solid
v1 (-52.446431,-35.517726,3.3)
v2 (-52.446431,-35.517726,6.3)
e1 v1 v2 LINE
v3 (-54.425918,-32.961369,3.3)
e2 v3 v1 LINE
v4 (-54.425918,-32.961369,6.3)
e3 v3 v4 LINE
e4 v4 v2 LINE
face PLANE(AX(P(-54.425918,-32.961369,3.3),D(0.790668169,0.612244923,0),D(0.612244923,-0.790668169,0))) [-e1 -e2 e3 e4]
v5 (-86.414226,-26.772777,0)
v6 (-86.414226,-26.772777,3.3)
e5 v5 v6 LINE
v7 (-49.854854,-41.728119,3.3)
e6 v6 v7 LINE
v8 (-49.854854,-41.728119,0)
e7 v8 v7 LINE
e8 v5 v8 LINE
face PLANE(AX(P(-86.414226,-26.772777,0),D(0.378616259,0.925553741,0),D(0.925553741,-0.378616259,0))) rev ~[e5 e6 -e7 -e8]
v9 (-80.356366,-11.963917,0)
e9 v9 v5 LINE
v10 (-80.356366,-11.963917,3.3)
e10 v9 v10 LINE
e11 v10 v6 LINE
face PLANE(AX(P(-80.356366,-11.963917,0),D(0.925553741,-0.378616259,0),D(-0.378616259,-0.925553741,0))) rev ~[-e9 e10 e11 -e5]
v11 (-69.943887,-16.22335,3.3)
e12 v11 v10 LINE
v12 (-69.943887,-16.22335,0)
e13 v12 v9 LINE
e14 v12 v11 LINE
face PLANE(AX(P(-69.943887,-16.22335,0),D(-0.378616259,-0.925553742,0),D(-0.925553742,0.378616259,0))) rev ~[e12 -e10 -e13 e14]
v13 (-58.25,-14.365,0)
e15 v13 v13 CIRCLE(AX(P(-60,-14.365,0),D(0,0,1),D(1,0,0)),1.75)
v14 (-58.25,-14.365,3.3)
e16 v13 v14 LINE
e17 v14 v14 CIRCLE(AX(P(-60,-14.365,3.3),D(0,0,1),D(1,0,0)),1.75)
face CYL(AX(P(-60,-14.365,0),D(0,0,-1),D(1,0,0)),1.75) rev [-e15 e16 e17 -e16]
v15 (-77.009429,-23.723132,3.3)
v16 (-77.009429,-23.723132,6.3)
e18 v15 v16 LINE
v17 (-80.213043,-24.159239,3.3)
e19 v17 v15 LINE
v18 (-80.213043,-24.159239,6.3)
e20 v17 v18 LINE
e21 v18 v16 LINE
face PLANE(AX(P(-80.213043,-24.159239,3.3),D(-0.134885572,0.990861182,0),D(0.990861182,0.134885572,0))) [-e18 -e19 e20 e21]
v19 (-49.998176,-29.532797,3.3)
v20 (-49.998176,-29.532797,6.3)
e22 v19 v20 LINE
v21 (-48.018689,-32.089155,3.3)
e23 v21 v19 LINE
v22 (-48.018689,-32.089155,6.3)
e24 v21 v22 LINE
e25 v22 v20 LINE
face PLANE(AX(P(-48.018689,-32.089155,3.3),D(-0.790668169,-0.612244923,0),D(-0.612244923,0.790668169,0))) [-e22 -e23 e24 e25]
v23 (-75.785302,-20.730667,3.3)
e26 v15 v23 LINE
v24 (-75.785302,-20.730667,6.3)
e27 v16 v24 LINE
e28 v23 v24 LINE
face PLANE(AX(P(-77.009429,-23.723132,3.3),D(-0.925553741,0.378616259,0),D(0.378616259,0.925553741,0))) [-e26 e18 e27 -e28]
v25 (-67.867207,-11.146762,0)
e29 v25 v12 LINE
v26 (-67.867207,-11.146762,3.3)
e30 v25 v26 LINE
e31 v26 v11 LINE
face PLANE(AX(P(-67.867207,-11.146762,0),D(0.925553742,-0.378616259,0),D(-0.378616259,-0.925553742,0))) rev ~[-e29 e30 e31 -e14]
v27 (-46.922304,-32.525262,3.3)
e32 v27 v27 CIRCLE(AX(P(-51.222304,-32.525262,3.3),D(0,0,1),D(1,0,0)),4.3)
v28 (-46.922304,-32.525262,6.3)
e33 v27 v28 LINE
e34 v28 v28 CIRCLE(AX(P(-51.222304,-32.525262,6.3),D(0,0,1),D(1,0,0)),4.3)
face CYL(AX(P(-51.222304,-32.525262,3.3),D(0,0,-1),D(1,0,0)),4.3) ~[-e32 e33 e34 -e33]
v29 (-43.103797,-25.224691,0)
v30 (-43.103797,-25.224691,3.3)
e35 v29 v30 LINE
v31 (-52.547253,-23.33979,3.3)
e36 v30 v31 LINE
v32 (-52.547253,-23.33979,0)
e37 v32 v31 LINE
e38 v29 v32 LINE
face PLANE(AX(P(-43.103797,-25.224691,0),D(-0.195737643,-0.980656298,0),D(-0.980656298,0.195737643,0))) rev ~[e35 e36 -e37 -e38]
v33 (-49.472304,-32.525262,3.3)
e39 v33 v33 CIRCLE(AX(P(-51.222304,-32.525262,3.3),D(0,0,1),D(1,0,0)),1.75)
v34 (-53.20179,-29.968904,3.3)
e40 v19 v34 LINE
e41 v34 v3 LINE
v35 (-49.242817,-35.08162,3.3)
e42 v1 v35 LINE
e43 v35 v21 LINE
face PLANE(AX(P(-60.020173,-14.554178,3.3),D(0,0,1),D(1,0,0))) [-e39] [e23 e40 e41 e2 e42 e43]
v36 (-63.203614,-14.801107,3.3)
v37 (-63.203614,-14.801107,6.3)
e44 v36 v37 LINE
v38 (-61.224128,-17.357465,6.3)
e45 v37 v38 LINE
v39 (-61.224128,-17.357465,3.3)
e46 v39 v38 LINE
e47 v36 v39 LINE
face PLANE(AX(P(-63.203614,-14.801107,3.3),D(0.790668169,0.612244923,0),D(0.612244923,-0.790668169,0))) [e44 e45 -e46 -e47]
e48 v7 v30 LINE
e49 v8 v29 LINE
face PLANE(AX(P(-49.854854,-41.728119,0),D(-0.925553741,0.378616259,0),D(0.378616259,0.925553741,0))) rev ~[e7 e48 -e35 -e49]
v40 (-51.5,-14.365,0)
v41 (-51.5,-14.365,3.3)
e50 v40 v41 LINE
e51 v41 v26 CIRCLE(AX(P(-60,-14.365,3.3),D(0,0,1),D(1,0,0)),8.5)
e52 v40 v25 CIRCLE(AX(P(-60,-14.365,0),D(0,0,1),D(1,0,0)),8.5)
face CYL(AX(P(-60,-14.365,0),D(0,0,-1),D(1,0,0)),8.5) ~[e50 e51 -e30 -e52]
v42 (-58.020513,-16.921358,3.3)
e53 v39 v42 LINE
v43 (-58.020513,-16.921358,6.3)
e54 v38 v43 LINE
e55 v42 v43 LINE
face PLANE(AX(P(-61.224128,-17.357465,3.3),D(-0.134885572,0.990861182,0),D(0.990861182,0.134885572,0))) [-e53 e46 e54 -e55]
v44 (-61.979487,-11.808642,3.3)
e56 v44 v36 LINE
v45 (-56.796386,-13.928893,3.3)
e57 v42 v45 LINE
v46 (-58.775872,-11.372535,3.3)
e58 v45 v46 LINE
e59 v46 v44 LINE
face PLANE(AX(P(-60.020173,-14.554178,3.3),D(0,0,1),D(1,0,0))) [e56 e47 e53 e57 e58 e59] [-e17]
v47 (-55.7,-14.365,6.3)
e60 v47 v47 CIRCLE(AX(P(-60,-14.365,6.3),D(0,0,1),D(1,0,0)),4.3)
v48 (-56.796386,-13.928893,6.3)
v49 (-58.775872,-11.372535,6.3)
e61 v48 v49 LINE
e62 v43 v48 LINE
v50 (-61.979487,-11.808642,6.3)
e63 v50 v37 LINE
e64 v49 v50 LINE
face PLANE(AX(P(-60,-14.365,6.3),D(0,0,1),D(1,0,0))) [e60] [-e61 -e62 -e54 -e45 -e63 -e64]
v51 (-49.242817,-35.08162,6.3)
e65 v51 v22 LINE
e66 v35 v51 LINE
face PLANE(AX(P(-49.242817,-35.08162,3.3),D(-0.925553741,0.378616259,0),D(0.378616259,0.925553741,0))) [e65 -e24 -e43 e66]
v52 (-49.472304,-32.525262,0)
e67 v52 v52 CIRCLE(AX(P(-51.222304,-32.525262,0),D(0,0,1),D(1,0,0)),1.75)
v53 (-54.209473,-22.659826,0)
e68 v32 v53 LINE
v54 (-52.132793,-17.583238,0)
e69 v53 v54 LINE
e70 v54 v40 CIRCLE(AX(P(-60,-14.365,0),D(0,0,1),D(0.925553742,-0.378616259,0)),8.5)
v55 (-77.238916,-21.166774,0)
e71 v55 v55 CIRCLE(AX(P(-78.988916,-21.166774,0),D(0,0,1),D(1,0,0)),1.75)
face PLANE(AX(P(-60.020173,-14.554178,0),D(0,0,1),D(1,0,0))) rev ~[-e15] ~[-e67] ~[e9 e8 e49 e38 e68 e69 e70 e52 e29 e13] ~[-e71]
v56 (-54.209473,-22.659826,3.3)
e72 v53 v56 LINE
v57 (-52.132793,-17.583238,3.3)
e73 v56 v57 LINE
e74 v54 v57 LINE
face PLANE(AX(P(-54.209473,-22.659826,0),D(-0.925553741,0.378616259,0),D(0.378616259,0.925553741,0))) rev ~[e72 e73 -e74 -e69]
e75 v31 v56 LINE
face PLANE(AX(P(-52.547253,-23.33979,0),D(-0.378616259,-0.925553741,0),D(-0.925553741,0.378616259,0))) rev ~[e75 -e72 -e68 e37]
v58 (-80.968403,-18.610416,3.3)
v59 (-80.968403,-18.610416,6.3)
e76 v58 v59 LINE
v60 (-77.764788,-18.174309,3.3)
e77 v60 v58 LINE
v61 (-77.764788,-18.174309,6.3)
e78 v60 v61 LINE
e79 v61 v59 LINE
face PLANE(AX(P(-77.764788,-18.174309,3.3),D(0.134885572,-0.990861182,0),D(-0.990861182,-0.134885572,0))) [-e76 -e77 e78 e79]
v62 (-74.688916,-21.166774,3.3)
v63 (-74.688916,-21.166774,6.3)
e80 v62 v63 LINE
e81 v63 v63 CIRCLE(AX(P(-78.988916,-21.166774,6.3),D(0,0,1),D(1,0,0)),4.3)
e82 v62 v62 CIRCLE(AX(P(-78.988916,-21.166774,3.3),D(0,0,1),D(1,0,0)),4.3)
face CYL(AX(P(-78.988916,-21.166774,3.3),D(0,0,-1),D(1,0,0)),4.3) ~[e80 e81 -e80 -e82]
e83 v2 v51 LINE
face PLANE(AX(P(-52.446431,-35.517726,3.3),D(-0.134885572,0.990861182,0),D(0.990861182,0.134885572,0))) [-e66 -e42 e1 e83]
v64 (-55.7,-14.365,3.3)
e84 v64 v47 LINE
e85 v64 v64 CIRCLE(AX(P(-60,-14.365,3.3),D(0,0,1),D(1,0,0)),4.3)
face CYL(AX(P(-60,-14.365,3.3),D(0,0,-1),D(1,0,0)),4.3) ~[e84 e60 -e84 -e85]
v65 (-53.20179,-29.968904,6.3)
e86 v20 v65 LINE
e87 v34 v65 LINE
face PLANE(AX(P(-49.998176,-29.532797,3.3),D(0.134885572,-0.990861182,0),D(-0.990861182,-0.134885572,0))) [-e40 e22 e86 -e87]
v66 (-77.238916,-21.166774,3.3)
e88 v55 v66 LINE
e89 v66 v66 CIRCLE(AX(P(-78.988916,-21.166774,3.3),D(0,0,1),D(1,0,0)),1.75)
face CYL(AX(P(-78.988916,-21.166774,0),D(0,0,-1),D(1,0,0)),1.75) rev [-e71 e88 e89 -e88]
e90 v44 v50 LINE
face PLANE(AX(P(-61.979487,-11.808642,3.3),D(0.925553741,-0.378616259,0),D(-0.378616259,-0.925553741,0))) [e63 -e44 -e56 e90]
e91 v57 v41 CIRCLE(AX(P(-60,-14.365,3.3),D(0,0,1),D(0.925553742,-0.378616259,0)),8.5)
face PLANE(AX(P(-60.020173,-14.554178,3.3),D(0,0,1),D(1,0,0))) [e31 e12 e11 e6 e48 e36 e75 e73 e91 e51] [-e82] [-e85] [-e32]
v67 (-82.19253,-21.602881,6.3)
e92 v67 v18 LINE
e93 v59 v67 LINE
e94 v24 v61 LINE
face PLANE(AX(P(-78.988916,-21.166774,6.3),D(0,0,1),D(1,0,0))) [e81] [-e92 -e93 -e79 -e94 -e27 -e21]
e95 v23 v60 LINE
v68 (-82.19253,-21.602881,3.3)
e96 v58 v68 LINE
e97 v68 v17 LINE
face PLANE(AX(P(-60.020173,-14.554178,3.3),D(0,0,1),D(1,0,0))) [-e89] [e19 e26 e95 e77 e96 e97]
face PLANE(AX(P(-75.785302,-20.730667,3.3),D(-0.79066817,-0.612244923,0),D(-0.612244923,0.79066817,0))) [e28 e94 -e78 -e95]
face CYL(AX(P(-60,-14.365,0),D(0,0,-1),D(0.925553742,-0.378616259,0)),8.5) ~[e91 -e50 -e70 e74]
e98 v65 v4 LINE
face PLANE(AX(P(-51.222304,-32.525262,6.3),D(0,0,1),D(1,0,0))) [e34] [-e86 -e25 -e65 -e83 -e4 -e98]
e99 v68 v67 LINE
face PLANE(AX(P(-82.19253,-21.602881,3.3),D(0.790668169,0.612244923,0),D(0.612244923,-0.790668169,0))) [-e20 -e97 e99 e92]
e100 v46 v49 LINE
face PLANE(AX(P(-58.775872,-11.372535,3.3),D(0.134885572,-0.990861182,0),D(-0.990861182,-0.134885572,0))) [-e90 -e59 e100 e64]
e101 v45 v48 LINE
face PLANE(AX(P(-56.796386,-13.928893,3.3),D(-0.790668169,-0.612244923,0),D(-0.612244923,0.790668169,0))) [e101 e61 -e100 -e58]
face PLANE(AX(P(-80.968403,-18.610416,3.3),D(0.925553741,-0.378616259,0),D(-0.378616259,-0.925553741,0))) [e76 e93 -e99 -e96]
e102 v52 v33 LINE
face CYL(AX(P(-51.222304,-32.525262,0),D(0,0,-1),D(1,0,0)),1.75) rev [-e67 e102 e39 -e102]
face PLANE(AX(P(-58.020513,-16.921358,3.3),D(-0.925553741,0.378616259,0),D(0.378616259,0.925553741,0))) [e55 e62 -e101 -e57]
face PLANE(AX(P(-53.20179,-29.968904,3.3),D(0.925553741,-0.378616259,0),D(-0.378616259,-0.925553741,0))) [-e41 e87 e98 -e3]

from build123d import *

# Parameters (mm, degrees)
SKETCH1_R           = 1.75
BOSS_EXTRUDE1_DEPTH = 3.3
SKETCH3_R           = 4.3
BOSS_EXTRUDE3_DEPTH = 3


with BuildPart() as part:
    # Sketch1 → Boss-Extrude1 (new body)
    with BuildSketch(Plane.XY):
        with BuildLine():
            ThreePointArc((-51.5, -14.365), (-58.360069791, -6.024698512), (-67.867206803, -11.146761798))
            ThreePointArc((-67.867206803, -11.146761798), (-68.49399131, -14.045450902), (-68.08677112, -16.983039888))
            ThreePointArc((-68.08677112, -16.983039888), (-63.218238202, -22.232206803), (-56.066588393, -21.900135907))
            ThreePointArc((-56.066588393, -21.900135907), (-53.717281627, -20.090159373), (-52.132793197, -17.583238202))
            ThreePointArc((-52.132793197, -17.583238202), (-51.659698512, -16.004930209), (-51.5, -14.365))
        make_face()
        with Locations((-60, -14.365)):
            Circle(SKETCH1_R, mode=Mode.SUBTRACT)
        with BuildLine():
            ThreePointArc((-68.08677112, -16.983039888), (-68.49399131, -14.045450902), (-67.867206803, -11.146761798))
            Line((-67.867206803, -11.146761798), (-69.943886559, -16.223349695))
            Line((-69.943886559, -16.223349695), (-68.08677112, -16.983039888))
        make_face()
        with BuildLine():
            Line((-68.08677112, -16.983039888), (-69.943886559, -16.223349695))
            Line((-69.943886559, -16.223349695), (-80.356366151, -11.963916781))
            Line((-80.356366151, -11.963916781), (-86.414226296, -26.772776645))
            Line((-86.414226296, -26.772776645), (-49.854853507, -41.728118878))
            Line((-49.854853507, -41.728118878), (-43.103796568, -25.224691306))
            Line((-43.103796568, -25.224691306), (-52.547252782, -23.339790487))
            Line((-52.547252782, -23.339790487), (-54.209472954, -22.659826099))
            Line((-54.209472954, -22.659826099), (-56.066588393, -21.900135907))
            ThreePointArc((-56.066588393, -21.900135907), (-63.218238202, -22.232206803), (-68.08677112, -16.983039888))
        make_face()
        with Locations((-51.222303707, -32.525261715)):
            Circle(SKETCH1_R, mode=Mode.SUBTRACT)
        with Locations((-78.988915951, -21.166773943)):
            Circle(SKETCH1_R, mode=Mode.SUBTRACT)
        with BuildLine():
            Line((-54.209472954, -22.659826099), (-52.132793197, -17.583238202))
            ThreePointArc((-52.132793197, -17.583238202), (-53.717281627, -20.090159373), (-56.066588393, -21.900135907))
            Line((-56.066588393, -21.900135907), (-54.209472954, -22.659826099))
        make_face()
    extrude(amount=BOSS_EXTRUDE1_DEPTH)

    # Sketch3 → Boss-Extrude3 (add)
    with BuildSketch(Plane.XY.offset(3.3)):
        with Locations((-78.988915951, -21.166773943)):
            Circle(SKETCH3_R)
        Polygon((-75.785301718, -20.730667104), (-77.764788436, -18.174309213), (-80.96840267, -18.610416053), (-82.192530185, -21.602880783), (-80.213043466, -24.159238673), (-77.009429233, -23.723131834), align=None, mode=Mode.SUBTRACT)
        with Locations((-60, -14.365)):
            Circle(SKETCH3_R)
        Polygon((-63.203614234, -14.80110684), (-61.224127515, -17.35746473), (-58.020513281, -16.92135789), (-56.796385766, -13.92889316), (-58.775872485, -11.37253527), (-61.979486719, -11.80864211), align=None, mode=Mode.SUBTRACT)
        with Locations((-51.222303707, -32.525261715)):
            Circle(SKETCH3_R)
        Polygon((-54.42591794, -32.961368555), (-52.446431222, -35.517726445), (-49.242816988, -35.081619606), (-48.018689473, -32.089154876), (-49.998176192, -29.532796985), (-53.201790425, -29.968903825), align=None, mode=Mode.SUBTRACT)
    extrude(amount=BOSS_EXTRUDE3_DEPTH)


solid = part.part
